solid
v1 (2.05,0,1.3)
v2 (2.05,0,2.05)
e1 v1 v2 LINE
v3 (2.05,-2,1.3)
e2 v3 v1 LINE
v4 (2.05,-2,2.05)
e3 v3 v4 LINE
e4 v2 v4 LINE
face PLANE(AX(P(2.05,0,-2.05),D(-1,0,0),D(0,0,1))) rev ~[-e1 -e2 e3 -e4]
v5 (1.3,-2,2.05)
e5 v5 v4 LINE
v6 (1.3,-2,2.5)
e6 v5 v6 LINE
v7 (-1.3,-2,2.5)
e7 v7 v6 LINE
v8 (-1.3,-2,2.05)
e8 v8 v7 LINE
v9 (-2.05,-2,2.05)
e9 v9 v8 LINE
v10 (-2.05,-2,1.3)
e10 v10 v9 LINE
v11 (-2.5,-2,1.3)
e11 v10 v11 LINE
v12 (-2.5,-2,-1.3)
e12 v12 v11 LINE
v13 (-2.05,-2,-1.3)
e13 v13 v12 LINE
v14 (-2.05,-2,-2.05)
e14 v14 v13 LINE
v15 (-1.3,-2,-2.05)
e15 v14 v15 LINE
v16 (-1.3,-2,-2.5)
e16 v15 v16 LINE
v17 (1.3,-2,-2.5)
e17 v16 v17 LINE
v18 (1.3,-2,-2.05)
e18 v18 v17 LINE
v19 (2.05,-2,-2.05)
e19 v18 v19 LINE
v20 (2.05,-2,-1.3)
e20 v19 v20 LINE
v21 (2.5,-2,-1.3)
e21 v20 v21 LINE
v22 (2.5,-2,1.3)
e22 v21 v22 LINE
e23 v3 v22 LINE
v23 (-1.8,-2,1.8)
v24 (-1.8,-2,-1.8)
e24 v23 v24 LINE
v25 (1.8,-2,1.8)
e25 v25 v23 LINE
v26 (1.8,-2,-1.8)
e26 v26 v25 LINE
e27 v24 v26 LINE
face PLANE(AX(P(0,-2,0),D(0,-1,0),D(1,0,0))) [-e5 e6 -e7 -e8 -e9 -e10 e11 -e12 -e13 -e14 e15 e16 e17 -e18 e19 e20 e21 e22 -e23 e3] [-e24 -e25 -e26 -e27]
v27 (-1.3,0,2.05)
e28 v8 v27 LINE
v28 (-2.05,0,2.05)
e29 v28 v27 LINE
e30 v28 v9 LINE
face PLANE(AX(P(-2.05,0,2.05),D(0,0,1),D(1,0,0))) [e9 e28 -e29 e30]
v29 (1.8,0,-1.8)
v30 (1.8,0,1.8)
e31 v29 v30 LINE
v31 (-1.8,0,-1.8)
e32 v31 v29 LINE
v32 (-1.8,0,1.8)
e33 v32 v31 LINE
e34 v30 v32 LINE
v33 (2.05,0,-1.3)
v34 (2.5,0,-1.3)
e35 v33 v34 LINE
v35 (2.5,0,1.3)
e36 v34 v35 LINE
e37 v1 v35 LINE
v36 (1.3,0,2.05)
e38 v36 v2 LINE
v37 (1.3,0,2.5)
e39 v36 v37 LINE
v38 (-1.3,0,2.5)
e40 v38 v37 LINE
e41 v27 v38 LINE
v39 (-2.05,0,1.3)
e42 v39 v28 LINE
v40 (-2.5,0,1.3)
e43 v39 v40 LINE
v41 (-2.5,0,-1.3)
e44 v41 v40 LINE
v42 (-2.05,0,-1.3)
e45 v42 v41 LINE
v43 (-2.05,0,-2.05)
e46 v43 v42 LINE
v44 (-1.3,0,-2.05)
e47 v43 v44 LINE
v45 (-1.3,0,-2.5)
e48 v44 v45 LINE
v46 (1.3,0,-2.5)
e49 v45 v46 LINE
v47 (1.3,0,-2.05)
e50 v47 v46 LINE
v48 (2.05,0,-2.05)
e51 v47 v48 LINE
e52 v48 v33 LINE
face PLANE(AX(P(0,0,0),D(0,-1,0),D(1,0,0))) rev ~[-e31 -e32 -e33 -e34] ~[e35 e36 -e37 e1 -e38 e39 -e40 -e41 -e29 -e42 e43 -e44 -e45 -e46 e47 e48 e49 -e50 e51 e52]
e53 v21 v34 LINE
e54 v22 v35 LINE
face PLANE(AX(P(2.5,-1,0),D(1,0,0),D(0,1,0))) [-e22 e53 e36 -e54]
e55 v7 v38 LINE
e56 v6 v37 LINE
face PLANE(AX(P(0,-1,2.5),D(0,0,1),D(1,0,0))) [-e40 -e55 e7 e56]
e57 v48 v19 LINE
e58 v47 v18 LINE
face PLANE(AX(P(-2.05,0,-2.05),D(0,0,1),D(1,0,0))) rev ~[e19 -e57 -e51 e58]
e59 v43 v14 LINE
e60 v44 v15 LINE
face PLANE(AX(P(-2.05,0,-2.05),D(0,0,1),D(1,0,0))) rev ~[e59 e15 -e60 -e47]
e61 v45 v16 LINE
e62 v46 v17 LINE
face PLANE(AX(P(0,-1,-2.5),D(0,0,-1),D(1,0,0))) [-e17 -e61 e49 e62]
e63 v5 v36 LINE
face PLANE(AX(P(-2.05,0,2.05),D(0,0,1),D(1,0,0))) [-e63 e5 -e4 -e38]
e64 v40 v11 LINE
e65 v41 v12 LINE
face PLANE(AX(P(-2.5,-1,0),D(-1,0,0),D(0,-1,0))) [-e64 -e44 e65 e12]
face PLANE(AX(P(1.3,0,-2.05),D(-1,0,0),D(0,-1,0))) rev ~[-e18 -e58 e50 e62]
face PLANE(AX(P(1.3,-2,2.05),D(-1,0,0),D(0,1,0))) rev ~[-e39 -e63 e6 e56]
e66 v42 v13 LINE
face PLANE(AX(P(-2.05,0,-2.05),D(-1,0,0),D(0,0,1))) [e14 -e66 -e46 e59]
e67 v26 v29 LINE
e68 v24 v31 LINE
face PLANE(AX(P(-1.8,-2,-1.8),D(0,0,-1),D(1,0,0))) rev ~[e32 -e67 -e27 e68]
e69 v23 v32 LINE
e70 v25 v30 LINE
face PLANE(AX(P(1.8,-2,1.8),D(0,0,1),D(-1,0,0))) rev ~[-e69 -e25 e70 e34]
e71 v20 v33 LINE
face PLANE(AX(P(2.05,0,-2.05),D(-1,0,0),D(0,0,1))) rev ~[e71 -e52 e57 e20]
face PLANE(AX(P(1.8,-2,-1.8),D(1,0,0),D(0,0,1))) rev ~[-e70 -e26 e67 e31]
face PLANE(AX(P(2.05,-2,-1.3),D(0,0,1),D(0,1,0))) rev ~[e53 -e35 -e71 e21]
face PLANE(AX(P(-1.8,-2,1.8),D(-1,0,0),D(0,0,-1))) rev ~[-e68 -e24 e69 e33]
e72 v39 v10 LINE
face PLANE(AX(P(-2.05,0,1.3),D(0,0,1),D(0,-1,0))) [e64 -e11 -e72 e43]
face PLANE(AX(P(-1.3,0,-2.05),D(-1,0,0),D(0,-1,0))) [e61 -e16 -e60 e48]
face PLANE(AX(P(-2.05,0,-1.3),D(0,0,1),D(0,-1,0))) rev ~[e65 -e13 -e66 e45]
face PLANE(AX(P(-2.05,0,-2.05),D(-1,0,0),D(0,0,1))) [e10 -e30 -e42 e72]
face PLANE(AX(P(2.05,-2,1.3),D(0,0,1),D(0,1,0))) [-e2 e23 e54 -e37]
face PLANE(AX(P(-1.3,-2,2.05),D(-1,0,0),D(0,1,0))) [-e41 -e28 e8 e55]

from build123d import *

# Parameters (mm, degrees)
F0_W      = 4.1
F0_H      = 4.1
F1_DEPTH  = 2
F2_W      = 2.6
F2_H      = 2
F3_DEPTH  = 0.45
F4_W      = 2
F4_H      = 2.6
F5_DEPTH  = 0.45
F6_W      = 2.6
F6_H      = 2
F7_DEPTH  = 0.45
F8_W      = 2
F8_H      = 2.6
F9_DEPTH  = 0.45
F10_W     = 1.8
F10_H     = 1.8
F11_DEPTH = 2


with BuildPart() as f1:
    # F0 (on Front) → F1 (new body)
    with BuildSketch(Plane.XZ):
        Rectangle(F0_W, F0_H)
    extrude(amount=F1_DEPTH)

    # F2 (on face) → F3 (join)
    with BuildSketch(Plane(origin=(0, 0, -2.05), x_dir=(1, 0, 0), z_dir=(0, 0, -1))):
        with Locations((0, 1)):
            Rectangle(F2_W, F2_H)
    extrude(amount=F3_DEPTH)

    # F4 (on face) → F5 (join)
    with BuildSketch(Plane(origin=(-2.05, 0, 0), x_dir=(0, -1, 0), z_dir=(-1, 0, 0))):
        with Locations((1, 0)):
            Rectangle(F4_W, F4_H)
    extrude(amount=F5_DEPTH)

    # F6 (on face) → F7 (join)
    with BuildSketch(Plane.XY.offset(2.05)):
        with Locations((0, -1)):
            Rectangle(F6_W, F6_H)
    extrude(amount=F7_DEPTH)

    # F8 (on face) → F9 (join)
    with BuildSketch(Plane.YZ.offset(2.05)):
        with Locations((-1, 0)):
            Rectangle(F8_W, F8_H)
    extrude(amount=F9_DEPTH)

    # F10 (on face) → F11 (cut)
    with BuildSketch(Plane.XZ.offset(2)):
        with Locations((0.9, -0.9)):
            Rectangle(F10_W, F10_H)
        with Locations((0.9, 0.9)):
            Rectangle(F10_W, F10_H)
        with Locations((-0.9, -0.9)):
            Rectangle(F10_W, F10_H)
        with Locations((-0.9, 0.9)):
            Rectangle(F10_W, F10_H)
    extrude(amount=-F11_DEPTH, mode=Mode.SUBTRACT)


solid = f1.part
